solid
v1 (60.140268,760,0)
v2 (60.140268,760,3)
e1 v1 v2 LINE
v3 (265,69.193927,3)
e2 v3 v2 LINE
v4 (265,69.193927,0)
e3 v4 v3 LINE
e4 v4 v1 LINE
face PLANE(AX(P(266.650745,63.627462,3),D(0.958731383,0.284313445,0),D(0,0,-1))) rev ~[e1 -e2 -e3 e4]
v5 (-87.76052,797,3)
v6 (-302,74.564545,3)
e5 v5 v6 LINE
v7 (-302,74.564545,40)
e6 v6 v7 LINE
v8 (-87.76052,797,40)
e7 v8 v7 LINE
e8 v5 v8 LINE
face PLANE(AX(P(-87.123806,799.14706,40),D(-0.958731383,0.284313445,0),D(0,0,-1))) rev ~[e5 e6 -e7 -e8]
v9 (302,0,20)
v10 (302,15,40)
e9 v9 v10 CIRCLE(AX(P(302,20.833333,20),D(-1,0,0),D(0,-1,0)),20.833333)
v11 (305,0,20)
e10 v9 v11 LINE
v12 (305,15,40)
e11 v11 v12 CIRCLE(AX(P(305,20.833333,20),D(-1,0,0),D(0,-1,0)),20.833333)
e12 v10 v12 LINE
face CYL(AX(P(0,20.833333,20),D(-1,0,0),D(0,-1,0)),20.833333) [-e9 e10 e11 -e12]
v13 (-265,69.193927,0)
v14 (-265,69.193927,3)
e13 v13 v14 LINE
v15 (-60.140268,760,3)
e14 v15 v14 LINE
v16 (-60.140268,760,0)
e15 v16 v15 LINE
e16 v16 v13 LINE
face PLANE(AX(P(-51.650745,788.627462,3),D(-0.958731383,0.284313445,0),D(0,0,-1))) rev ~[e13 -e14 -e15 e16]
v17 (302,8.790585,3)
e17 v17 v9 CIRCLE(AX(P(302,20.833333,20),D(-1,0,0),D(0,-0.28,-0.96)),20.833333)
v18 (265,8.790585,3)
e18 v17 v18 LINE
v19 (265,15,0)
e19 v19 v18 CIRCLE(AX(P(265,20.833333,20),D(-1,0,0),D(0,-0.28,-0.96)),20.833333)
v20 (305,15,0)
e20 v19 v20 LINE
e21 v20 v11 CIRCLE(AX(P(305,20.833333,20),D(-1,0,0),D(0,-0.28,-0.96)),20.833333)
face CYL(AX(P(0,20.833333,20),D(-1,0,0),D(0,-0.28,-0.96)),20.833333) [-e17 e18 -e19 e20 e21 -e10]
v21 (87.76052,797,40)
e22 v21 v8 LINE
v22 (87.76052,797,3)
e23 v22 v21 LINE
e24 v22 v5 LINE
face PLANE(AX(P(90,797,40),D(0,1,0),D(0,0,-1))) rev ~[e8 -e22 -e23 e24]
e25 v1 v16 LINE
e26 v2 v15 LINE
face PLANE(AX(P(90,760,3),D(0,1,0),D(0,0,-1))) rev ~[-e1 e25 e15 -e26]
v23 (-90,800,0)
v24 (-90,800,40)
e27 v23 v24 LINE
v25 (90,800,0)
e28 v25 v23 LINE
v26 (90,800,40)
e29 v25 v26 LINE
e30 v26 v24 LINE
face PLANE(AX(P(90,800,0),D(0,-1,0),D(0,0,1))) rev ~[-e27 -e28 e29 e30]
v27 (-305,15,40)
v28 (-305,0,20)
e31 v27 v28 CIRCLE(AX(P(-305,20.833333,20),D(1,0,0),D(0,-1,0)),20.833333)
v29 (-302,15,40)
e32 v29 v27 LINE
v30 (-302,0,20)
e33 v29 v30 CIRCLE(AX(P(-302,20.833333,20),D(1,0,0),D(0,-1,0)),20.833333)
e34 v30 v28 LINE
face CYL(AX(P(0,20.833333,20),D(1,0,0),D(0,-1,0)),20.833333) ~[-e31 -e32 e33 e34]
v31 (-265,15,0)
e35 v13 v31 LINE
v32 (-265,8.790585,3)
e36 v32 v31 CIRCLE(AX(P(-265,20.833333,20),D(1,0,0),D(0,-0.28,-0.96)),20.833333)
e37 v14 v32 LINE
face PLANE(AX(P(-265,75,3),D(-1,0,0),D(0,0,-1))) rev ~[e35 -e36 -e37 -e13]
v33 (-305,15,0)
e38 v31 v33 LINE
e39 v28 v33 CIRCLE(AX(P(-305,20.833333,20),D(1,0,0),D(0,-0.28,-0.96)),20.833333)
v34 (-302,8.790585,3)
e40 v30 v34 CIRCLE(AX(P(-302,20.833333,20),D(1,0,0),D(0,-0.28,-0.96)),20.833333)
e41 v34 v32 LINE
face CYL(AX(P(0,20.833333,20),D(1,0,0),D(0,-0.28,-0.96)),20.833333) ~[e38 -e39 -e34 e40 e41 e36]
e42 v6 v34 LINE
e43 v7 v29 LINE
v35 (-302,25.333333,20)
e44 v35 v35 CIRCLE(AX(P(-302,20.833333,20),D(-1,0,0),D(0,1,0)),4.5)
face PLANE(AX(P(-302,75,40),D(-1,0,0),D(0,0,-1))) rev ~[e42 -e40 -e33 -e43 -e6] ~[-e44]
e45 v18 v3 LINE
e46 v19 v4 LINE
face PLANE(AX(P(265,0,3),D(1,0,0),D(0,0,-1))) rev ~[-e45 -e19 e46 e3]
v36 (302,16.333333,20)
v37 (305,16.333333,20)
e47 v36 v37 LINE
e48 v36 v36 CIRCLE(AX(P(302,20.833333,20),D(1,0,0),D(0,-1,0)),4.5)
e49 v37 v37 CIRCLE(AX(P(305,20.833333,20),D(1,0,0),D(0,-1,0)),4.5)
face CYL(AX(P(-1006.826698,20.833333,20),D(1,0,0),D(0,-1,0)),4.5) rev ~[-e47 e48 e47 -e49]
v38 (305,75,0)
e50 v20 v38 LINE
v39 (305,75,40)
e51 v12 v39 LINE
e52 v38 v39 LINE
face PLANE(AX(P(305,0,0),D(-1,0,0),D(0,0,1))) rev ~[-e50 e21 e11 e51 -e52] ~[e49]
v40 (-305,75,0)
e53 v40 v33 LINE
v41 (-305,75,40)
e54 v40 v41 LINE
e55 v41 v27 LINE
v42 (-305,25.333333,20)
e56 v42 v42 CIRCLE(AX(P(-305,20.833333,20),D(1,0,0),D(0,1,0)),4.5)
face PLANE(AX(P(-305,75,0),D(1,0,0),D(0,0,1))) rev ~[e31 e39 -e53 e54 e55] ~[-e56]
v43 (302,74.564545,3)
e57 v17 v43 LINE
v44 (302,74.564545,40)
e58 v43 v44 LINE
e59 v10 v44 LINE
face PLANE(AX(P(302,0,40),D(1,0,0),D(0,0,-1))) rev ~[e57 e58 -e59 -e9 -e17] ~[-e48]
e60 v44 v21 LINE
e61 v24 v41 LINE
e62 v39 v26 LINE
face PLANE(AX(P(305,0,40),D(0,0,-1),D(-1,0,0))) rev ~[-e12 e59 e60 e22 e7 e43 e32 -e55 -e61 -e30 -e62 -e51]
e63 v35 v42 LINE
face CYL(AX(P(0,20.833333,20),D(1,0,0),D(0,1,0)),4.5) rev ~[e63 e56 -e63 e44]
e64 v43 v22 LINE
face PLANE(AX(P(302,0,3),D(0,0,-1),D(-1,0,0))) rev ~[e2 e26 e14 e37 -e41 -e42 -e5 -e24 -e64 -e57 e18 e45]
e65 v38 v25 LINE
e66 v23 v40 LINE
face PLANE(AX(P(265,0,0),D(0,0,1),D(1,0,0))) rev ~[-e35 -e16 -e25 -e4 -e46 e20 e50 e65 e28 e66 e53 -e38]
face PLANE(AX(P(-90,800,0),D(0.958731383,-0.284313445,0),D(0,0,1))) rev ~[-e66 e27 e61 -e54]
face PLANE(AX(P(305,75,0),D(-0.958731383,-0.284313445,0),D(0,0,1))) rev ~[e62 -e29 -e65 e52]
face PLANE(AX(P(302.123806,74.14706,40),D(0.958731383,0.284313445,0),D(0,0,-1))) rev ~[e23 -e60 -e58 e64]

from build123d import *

# Parameters (mm, degrees)
F4_DEPTH      = 305.001
F4_DEPTH_BACK = 305.001
F6_D          = 9
F6_DEPTH      = 305.001
F8_D          = 9


with BuildPart() as f2:
    # F2: sweep along a path in F0
    with BuildLine(Plane.XY) as f2_path:
        Line((305, 0), (305, 75))
        Line((305, 75), (90, 800))
        Line((90, 800), (0, 800))
        Line((0, 800), (-90, 800))
        Line((-90, 800), (-305, 75))
        Line((-305, 75), (-305, 0))
    # F1 (on Front) → F2 (sweep)
    with BuildSketch(Plane.XZ):
        Polygon((265, 0), (305, 0), (305, 40), (302, 40), (302, 3), (265, 3), align=None)
    sweep(path=f2_path.line, transition=Transition.RIGHT)

    # F3 (on Right) → F4 (cut, two sides)
    with BuildSketch(Plane.YZ) as f4_sk:
        with BuildLine():
            ThreePointArc((15, 0), (4.1666666667, 7.5), (0, 20))
            Line((0, 20), (0, 0))
            Line((0, 0), (15, 0))
        make_face()
        with BuildLine():
            ThreePointArc((0, 20), (4.1666666667, 32.5), (15, 40))
            Line((15, 40), (0, 40))
            Line((0, 40), (0, 20))
        make_face()
    extrude(amount=-F4_DEPTH, mode=Mode.SUBTRACT)
    extrude(f4_sk.sketch, amount=F4_DEPTH_BACK, mode=Mode.SUBTRACT)

    # F6 (through all, one way)
    with BuildSketch(Plane.YZ):
        with Locations((20.8333333333, 20)):
            Circle(F6_D / 2)
    extrude(amount=-F6_DEPTH, mode=Mode.SUBTRACT)

    # F8 (through all)
    with Locations(Plane(origin=(0, 0, 0), x_dir=(0, 1, 0), z_dir=(-1, 0, 0))):
        with Locations((20.8333333333, -20)):
            Hole(F8_D / 2)


solid = f2.part
